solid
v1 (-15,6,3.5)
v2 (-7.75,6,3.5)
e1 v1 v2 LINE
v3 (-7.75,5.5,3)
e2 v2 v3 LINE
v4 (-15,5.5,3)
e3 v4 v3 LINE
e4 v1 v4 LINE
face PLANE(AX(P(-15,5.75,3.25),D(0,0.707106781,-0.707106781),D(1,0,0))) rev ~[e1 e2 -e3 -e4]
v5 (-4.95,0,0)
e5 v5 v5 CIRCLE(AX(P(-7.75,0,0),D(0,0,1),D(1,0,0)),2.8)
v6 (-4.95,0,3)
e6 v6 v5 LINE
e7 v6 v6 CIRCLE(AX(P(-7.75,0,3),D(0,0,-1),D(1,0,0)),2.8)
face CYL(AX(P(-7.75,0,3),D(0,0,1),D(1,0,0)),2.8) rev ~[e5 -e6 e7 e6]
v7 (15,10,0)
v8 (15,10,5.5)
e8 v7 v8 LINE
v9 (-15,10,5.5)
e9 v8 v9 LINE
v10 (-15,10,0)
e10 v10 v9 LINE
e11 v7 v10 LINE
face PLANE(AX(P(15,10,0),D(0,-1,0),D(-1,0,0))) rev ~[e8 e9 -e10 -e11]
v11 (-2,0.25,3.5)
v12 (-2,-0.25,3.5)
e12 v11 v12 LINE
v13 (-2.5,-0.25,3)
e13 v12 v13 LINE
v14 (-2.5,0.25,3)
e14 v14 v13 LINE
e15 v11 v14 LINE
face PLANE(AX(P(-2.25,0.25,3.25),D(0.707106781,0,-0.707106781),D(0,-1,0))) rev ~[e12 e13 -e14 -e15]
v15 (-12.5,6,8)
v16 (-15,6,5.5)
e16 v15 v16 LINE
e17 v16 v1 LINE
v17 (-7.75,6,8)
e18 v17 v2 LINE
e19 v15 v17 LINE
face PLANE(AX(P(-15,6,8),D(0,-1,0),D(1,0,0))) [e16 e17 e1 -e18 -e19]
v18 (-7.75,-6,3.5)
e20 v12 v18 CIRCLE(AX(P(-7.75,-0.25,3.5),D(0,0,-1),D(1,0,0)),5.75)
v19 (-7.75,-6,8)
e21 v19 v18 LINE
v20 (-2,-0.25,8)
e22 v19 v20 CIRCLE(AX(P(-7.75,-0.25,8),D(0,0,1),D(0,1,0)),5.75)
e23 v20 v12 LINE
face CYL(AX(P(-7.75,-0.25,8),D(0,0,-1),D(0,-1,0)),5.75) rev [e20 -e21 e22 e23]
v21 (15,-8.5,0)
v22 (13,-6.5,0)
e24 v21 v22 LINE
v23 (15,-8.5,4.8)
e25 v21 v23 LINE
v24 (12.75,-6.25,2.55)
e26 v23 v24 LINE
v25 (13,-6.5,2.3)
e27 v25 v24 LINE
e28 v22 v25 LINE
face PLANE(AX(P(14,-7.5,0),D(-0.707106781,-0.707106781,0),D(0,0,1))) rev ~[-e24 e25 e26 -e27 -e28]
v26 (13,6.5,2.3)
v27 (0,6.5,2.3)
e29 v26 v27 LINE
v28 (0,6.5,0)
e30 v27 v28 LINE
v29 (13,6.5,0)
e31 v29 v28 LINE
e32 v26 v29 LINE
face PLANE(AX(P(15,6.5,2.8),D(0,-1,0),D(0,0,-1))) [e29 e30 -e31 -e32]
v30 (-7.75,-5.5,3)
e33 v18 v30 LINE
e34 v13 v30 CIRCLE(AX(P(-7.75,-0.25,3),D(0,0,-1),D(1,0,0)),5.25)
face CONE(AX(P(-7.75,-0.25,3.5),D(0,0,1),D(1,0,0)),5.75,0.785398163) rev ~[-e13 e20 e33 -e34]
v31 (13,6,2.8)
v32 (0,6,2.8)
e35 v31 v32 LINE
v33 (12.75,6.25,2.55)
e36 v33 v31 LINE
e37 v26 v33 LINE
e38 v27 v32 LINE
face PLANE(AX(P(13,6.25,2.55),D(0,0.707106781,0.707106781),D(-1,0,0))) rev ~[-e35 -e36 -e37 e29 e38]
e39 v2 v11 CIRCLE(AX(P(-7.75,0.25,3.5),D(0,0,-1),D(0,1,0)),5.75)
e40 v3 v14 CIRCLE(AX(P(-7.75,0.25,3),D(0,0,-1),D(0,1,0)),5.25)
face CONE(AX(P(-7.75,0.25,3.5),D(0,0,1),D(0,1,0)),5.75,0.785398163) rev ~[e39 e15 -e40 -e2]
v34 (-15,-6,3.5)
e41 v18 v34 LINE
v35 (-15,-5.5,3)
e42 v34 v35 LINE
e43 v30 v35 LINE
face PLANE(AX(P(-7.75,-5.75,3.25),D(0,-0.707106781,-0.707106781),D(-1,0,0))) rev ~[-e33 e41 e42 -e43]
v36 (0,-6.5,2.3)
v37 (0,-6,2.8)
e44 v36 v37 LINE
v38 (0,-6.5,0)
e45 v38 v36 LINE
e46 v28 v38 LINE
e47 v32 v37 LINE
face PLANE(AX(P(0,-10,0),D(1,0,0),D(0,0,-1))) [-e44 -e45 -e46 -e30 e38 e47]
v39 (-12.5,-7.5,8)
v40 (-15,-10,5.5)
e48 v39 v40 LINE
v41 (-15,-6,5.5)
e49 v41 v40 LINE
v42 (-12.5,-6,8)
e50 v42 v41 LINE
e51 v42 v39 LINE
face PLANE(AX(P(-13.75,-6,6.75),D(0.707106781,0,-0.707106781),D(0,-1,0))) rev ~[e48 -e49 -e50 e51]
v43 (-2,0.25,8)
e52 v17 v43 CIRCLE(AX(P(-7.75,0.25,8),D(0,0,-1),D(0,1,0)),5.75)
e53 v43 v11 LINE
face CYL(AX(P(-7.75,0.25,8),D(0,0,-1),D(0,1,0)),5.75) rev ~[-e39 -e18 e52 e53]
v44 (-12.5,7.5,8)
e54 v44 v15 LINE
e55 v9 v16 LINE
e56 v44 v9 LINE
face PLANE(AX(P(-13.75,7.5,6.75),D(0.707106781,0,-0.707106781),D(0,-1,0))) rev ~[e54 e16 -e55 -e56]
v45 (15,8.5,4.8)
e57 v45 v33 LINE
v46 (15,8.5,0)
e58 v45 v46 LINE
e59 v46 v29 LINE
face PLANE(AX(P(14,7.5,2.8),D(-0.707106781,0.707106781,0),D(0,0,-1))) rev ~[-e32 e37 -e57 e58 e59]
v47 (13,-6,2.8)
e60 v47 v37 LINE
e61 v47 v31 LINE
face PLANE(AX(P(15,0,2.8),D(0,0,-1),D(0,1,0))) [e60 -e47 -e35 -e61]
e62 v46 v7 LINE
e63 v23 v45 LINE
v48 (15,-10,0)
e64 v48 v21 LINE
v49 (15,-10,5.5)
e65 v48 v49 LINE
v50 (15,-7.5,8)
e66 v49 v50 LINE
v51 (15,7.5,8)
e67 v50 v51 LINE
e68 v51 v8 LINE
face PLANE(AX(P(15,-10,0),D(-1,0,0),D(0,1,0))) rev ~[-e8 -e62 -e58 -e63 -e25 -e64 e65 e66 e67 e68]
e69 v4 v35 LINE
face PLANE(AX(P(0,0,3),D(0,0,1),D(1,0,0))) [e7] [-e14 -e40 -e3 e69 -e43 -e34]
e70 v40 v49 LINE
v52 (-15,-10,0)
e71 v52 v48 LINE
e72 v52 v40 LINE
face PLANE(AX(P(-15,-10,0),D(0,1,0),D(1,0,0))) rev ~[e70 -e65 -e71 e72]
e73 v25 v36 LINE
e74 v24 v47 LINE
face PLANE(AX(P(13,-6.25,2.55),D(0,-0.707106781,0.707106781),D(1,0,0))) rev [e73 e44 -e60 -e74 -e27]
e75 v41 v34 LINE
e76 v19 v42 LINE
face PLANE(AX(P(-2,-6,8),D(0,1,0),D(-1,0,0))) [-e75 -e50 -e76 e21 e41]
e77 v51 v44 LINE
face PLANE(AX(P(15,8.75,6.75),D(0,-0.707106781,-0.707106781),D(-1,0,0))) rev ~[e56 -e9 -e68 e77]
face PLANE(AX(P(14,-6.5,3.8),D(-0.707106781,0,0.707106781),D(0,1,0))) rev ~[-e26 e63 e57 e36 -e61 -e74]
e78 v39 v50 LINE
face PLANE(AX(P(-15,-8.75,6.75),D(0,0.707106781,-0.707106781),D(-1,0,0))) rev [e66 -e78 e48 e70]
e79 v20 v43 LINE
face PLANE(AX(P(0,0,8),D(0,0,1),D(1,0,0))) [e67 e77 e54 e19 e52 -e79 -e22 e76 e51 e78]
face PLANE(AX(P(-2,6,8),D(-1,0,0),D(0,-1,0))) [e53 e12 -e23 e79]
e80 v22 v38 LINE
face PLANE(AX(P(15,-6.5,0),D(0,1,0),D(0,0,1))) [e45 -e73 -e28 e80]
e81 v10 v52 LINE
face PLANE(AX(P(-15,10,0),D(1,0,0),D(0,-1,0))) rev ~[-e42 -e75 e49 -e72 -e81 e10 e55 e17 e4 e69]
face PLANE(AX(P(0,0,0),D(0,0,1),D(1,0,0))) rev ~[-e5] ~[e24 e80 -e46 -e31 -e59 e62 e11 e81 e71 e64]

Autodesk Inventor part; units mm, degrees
ref_plane "YZ Plane" through (0, 0, 0) normal (1, 0, 0) x (0, 1, 0)
ref_plane "XZ Plane" through (0, 0, 0) normal (0, 1, 0) x (-1, 0, 0)
ref_plane "XY Plane" through (0, 0, 0) normal (0, 0, 1) x (1, 0, 0)
sketch "Sketch1" plane through (0, 0, 0) normal (0, 0, 1) x (1, 0, 0)
  line L0 (-15, -10) -> (15, -10)
  line L1 (15, -10) -> (15, 10)
  line L2 (15, 10) -> (-15, 10)
  line L3 (-15, 10) -> (-15, -10)
  line L4 (-15, -10) -> (15, 10) construction
  line L5 (15, -10) -> (-15, 10) construction
  point P0 (0, 0)
  dimension "d0" = 20
  dimension "d1" = 30
extrude "Extrusion1" add sketch "Sketch1" along normal blind 8
sketch "Sketch2" plane through (15, -10, 0) normal (1, 0, 0) x (0, 0, -1)
  line L0 (-9.6, 10) -> (1.6, 10) projected
  line L1 (0, 0) -> (0, 20) projected
  line L2 (0, 3.5) -> (-2.8, 3.5)
  line L3 (-2.8, 3.5) -> (-2.8, 16.5)
  line L4 (-2.8, 16.5) -> (0, 16.5)
  line L5 (0, 16.5) -> (0, 3.5)
  point P0 (0, 10)
  point P1 (0, 16.5)
  dimension "d4" = 2.8
  dimension "d5" = 13
  dimension "d6" = 6.5
extrude "Extrusion2" cut sketch "Sketch2" against normal blind 15
chamfer "Chamfer1" distance 2 angle 45 3 edges at (15, 0, 2.8) (15, 6.5, 1.4) (15, -6.5, 1.4)
chamfer "Chamfer2" distance 0.5 angle 45 2 edges at (6.5, 6.5, 2.8) (6.5, -6.5, 2.8)
sketch "Sketch3" plane through (0, 0, 8) normal (0, 0, 1) x (1, 0, 0)
  line L0 (-21, 0) -> (21, 0) projected
  line L1 (-2, -6) -> (-15, -6)
  line L2 (-15, -6) -> (-15, 6)
  line L3 (-15, 6) -> (-2, 6)
  line L4 (-2, 6) -> (-2, -6)
  line L5 (-2, -6) -> (-15, 6) construction
  line L6 (-15, -6) -> (-2, 6) construction
  line L7 (-15, 10) -> (-15, -10) projected
  line L8 (0, -6) -> (0, 6) projected
  point P0 (0, 0)
  point P1 (-8.5, 0)
  dimension "d15" = 2
  dimension "d16" = 12
extrude "Extrusion3" cut sketch "Sketch3" against normal blind 5
chamfer "Chamfer3" distance 2.5 angle 45 2 edges at (0, 10, 8) (0, -10, 8)
fillet "Fillet1" radius 5.75 2 edges at (-2, 6, 5.5) (-2, -6, 5.5)
chamfer "Chamfer4" distance 2.5 angle 45 2 edges at (-15, -6.75, 8) (-15, 6.75, 8)
sketch "Sketch4" plane through (0, 0, 3) normal (0, 0, 1) x (1, 0, 0)
  line L0 (-21, 0) -> (21, 0) projected
  circle A0 centre (-7.75, 0) radius 2.8
  arc A1 (-2, 0.25) -> (-7.75, 6) centre (-7.75, 0.25) ccw projected
  line L1 (-7.75, -6) -> (-15, -6) projected
  line L2 (-7.75, 6) -> (-7.75, -6) construction
  point P0 (0, 0)
  dimension "d26" = 5.6
  dimension "d27" = 0
extrude "Extrusion4" cut sketch "Sketch4" against normal blind 5
chamfer "Chamfer5" distance 0.5 angle 45 5 edges at (-3.6841, 4.3159, 3) (-11.375, 6, 3) (-2, 0, 3) (-3.6841, -4.3159, 3) (-11.375, -6, 3)
equation "\"d6\" = 0.5 * d5"
properties part number "BatteryHolderFixture_3DPrint"
